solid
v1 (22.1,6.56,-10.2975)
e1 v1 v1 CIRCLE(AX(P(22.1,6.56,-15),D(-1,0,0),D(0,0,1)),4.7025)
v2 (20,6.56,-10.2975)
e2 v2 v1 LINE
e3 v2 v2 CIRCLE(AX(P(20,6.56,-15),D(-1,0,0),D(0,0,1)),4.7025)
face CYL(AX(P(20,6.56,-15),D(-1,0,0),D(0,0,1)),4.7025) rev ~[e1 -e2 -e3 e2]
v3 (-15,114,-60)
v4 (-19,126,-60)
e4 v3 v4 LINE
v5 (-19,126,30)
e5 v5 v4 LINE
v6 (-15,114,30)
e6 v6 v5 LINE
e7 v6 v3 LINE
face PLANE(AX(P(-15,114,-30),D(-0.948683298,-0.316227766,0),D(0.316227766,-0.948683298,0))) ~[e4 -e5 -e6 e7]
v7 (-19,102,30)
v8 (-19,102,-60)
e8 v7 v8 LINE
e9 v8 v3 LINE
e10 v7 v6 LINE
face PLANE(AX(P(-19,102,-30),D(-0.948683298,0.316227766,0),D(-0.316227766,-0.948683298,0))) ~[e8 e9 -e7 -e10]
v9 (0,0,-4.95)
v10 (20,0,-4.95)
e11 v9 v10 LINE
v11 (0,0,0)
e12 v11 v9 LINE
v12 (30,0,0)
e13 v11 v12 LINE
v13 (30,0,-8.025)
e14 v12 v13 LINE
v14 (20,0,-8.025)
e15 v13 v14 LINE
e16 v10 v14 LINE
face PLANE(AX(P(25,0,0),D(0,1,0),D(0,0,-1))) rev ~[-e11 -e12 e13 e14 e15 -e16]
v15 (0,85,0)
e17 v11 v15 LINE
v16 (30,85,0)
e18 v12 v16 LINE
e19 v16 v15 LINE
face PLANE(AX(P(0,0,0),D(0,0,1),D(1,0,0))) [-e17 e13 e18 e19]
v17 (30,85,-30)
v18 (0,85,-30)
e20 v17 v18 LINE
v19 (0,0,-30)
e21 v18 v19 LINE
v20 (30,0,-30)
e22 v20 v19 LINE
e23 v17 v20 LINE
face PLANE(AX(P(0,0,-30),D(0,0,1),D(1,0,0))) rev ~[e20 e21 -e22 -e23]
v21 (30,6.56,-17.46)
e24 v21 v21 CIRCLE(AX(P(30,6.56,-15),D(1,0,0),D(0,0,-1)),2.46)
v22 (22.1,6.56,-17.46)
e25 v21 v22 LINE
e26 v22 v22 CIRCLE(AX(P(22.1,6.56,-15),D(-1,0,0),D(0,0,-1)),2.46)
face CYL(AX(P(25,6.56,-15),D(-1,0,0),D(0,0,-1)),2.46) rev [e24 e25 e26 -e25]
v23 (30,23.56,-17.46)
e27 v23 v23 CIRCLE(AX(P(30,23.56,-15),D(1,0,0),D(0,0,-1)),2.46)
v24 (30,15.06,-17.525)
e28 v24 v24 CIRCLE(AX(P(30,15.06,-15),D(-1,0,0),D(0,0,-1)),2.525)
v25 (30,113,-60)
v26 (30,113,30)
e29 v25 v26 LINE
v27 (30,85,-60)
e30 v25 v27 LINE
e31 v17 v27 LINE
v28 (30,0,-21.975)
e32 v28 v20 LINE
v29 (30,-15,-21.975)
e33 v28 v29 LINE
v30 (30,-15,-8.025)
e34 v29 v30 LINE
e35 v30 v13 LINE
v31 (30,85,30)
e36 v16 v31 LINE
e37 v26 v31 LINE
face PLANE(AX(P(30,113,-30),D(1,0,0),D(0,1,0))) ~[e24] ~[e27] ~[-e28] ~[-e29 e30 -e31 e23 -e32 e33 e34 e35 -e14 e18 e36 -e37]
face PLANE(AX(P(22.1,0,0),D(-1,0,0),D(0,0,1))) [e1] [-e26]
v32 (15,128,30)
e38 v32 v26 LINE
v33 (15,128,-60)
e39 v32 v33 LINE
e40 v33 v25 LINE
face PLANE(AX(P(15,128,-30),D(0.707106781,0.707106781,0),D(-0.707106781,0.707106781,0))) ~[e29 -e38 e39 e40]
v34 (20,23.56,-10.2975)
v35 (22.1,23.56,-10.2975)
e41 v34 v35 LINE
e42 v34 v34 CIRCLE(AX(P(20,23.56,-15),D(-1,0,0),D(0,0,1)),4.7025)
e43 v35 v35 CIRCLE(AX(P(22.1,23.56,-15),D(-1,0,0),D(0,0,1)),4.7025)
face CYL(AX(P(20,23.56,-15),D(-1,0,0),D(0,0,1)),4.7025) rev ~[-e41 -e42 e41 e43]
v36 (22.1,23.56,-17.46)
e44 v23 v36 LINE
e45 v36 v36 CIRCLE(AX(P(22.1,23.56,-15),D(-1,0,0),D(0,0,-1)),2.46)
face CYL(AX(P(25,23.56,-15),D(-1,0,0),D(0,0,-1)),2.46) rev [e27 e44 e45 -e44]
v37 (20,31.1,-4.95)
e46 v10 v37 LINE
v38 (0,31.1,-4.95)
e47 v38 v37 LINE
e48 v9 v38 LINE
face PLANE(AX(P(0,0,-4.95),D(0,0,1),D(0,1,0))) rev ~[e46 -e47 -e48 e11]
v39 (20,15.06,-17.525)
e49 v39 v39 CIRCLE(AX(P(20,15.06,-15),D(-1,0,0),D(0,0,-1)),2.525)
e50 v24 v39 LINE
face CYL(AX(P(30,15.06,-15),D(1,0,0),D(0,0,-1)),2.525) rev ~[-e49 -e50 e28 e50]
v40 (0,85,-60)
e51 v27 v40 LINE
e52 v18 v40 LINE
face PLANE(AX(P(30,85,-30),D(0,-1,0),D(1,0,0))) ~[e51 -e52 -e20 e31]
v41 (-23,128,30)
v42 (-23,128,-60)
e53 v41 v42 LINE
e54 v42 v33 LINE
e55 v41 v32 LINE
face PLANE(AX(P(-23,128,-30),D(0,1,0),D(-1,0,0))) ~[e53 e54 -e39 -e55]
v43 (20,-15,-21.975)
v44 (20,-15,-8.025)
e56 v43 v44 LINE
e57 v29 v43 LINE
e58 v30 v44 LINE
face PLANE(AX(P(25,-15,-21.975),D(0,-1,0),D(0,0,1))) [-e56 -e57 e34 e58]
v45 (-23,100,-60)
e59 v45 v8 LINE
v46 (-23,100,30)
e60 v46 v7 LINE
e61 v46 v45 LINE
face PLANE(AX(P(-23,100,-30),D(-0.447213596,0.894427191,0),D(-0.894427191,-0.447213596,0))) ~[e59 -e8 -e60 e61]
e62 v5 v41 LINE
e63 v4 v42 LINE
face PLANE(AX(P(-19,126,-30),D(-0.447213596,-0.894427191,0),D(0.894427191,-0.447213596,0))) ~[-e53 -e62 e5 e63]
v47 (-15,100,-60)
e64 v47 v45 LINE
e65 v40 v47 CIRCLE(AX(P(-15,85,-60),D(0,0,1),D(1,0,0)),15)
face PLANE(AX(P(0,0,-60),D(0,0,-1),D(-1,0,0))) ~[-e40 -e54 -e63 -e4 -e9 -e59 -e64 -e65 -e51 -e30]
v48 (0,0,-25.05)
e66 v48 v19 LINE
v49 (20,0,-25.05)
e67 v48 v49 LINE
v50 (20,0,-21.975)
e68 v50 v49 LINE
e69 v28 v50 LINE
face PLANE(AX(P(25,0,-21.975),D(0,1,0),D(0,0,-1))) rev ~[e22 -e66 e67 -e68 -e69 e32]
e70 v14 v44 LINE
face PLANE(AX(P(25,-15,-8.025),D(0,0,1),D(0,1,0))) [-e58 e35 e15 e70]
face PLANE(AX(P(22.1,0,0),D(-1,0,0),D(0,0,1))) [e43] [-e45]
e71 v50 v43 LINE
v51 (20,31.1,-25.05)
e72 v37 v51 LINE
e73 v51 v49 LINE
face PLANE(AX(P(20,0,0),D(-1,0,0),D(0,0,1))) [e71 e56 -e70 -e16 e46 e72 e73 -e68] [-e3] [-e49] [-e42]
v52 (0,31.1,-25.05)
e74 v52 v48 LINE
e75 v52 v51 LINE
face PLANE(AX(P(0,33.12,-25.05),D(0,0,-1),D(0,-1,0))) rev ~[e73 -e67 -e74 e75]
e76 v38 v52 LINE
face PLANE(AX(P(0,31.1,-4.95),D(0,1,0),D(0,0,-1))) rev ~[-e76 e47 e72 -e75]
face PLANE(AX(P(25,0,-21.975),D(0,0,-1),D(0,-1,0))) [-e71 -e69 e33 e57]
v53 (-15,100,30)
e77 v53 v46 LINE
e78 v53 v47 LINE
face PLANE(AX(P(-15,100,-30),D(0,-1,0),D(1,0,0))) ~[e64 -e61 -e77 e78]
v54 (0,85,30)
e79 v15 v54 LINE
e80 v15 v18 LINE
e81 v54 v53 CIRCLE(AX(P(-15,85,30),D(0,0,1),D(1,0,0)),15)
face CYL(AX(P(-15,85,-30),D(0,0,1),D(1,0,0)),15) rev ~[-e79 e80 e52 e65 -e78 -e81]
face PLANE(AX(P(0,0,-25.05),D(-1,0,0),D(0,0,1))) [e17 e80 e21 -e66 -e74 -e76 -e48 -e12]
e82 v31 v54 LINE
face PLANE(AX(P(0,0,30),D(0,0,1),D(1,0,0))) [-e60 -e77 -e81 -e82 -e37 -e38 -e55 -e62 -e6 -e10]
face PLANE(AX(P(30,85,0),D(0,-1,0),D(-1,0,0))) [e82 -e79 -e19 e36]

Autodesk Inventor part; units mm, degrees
ref_plane "YZ Plane" through (0, 0, 0) normal (1, 0, 0) x (0, 1, 0)
ref_plane "XZ Plane" through (0, 0, 0) normal (0, 1, 0) x (-1, 0, 0)
sketch "Sketch1" plane through (0, 0, 0) normal (0, 0, 1) x (1, 0, 0)
  line L0 (0, 0) -> (25, 0)
  line L1 (25, 0) -> (25, 40)
  line L2 (25, 40) -> (0, 40)
  line L3 (0, 40) -> (0, 0)
  dimension "d1" = 25
  dimension "d2" = 40
  dimension "d3" = 25
extrude "Extrusion1" add sketch "Sketch1" against normal blind 30
sketch "Sketch2" plane through (25, 0, 0) normal (1, 0, 0) x (0, 0, -1)
  line L0 (0, 0) -> (30, 0) projected
  circle A0 centre (15, 6.56) radius 2.46
extrude "Extrusion2" cut sketch "Sketch2" against normal blind 30
sketch "Sketch3" plane through (0, 0, 0) normal (-1, 0, 0) x (0, 0, 1)
  line L0 (0, 0) -> (-30, 0) projected
  line L1 (-25.05, 0) -> (-4.95, 0)
  line L2 (-4.95, 0) -> (-4.95, 33.12)
  line L3 (-4.95, 33.12) -> (-25.05, 33.12)
  line L4 (-25.05, 33.12) -> (-25.05, 0)
  dimension "d11" = 20.1
extrude "Extrusion3" cut sketch "Sketch3" against normal blind 20
sketch "Sketch4" plane through (0, 0, 0) normal (0, -1, 0) x (1, 0, 0)
  line L0 (20, -4.95) -> (20, -25.05) projected
  line L1 (20, -15) -> (25, -15)
  line L2 (25, 0) -> (25, -30) projected
  line L3 (20, -8.025) -> (25, -8.025)
  line L4 (25, -8.025) -> (25, -21.975)
  line L5 (25, -21.975) -> (20, -21.975)
  line L6 (20, -21.975) -> (20, -8.025)
  line L7 (20, -8.025) -> (25, -21.975) construction
  line L8 (25, -8.025) -> (20, -21.975) construction
  line L9 (25, -12.54) -> (25, -17.46) projected
  point P0 (0, 0)
  point P1 (22.5, -15)
  dimension "d14" = 13.95
extrude "Extrusion4" add sketch "Sketch4" along normal blind 15
sketch "Sketch5" plane through (20, 0, 0) normal (-1, 0, 0) x (0, 0, 1)
  circle A0 centre (-15, 6.56) radius 2.46 projected
  circle A1 centre (-15, 6.56) radius 4.7025
  circle A2 centre (-15, 6.56) radius 2.46 projected
  circle A3 centre (-15, 6.56) radius 2.46
  point P0 (0, 0)
  dimension "d17" = 9.405
extrude "Extrusion5" cut sketch "Sketch5" against normal blind 2.1
sketch "Sketch6" plane through (25, 0, 0) normal (1, 0, 0) x (0, 0, -1)
  circle A0 centre (15, 6.56) radius 4.7025 projected
  line L0 (15, 6.56) -> (15, 23.56)
  circle A1 centre (15, 23.56) radius 2.46
  point P0 (0, 0)
  dimension "d20" = 17
  dimension "d21" = 4.92
extrude "Extrusion6" cut sketch "Sketch6" against normal blind 10 contours A1
sketch "Sketch7" plane through (20, 0, 0) normal (-1, 0, 0) x (0, 0, 1)
  circle A0 centre (-15, 23.56) radius 2.46 projected
  circle A1 centre (-15, 23.56) radius 4.7025
  point P0 (0, 0)
  dimension "d24" = 9.405
extrude "Extrusion7" cut sketch "Sketch7" against normal blind 2.1
sketch "Sketch9" plane through (25, 0, 0) normal (1, 0, 0) x (0, 0, -1)
  circle A0 centre (15, 6.56) radius 2.46 projected
  circle A1 centre (15, 6.56) radius 2.46
  circle A2 centre (15, 23.56) radius 2.46 projected
  circle A3 centre (15, 23.56) radius 2.46
  line L0 (30, 40) -> (30, 0) projected
  line L1 (30, 0) -> (30, 40)
  line L2 (30, 40) -> (0, 40)
  line L3 (0, 40) -> (0, 0)
  line L4 (0, 0) -> (8.025, 0) projected
  line L5 (21.975, 0) -> (21.975, -15)
  line L6 (21.975, -15) -> (8.025, -15)
  line L7 (8.025, -15) -> (8.025, 0)
  line L8 (0, 0) -> (8.025, 0)
  line L9 (21.975, 0) -> (30, 0)
extrude "Extrusion8" add sketch "Sketch9" along normal blind 5
sketch "Sketch10" plane through (0, 40, 0) normal (0, 1, 0) x (1, 0, 0)
  line L0 (0, 30) -> (30, 30) projected
  line L1 (30, 0) -> (0, 0) projected
  line L2 (0, 30) -> (30, 30)
  line L3 (30, 30) -> (30, 0)
  line L4 (30, 0) -> (0, 0)
  line L5 (0, 0) -> (0, 30)
extrude "Extrusion9" add sketch "Sketch10" along normal blind 30
sketch "Sketch12" plane through (30, 0, 0) normal (1, 0, 0) x (0, 0, -1)
  circle A0 centre (15, 6.56) radius 2.46 projected
  line L0 (15, 6.56) -> (15, 15.06)
  circle A1 centre (15, 15.06) radius 2.525
  point P0 (0, 0)
  dimension "d31" = 8.5
  dimension "d33" = 5.05
extrude "Extrusion10" cut sketch "Sketch12" against normal blind 30 contours A1
sketch "Sketch14" plane through (0, 0, 0) normal (0, 0, 1) x (1, 0, 0)
  line L0 (30, 70) -> (0, 70) projected
  line L1 (0, 70) -> (0, 85)
  line L2 (-15, 100) -> (-23, 100)
  line L3 (30, 0) -> (30, 70) projected
  line L4 (30, 113) -> (30, 70)
  arc A0 (0, 85) -> (-15, 100) centre (-15, 85) ccw
  line L5 (30, 105) -> (30, 100)
  line L6 (-23, 128) -> (15, 128)
  line L7 (-19, 126) -> (-23, 128)
  line L8 (-19, 126) -> (-15, 114)
  line L9 (-19, 102) -> (-23, 100)
  line L10 (-19, 102) -> (-15, 114)
  line L11 (30, 113) -> (15, 128)
  point P0 (0, 0)
  point P1 (0, 100)
  dimension "d47" = 30
  dimension "d54" = 15
  dimension "d69" = 28
extrude "Extrusion12" add sketch "Sketch14" against normal blind 30
sketch "Sketch15" plane through (0, 0, -25.05) normal (-1, 0, 0) x (0, 0, 1)
  line L0 (0, 33.12) -> (20.1, 33.12) projected
  line L1 (20.1, 33.12) -> (20.1, 0) projected
  line L2 (0, 33.12) -> (20.1, 33.12)
  line L3 (20.1, 33.12) -> (20.1, 31.1)
  line L4 (20.1, 31.1) -> (0, 31.1)
  line L5 (0, 31.1) -> (0, 33.12)
  point P0 (25.05, 0)
  dimension "d57" = 2.02
extrude "Extrusion13" add sketch "Sketch15" against normal blind 20
sketch "Sketch20" plane through (0, 0, 0) normal (0, 0, 1) x (1, 0, 0)
  arc A0 (0, 85) -> (-15, 100) centre (-15, 85) ccw projected
  arc A1 (0, 85) -> (-15, 100) centre (-15, 85) ccw
  line L0 (-15, 100) -> (-23, 100) projected
  line L1 (-15, 100) -> (-23, 100)
  line L2 (-23, 100) -> (-19, 102) projected
  line L3 (-23, 100) -> (-19, 102)
  line L4 (-19, 102) -> (-15, 114) projected
  line L5 (-19, 102) -> (-15, 114)
  line L6 (-15, 114) -> (-19, 126) projected
  line L7 (-15, 114) -> (-19, 126)
  line L8 (-19, 126) -> (-23, 128) projected
  line L9 (-19, 126) -> (-23, 128)
  line L10 (-23, 128) -> (15, 128) projected
  line L11 (-23, 128) -> (15, 128)
  line L12 (15, 128) -> (30, 113) projected
  line L13 (15, 128) -> (30, 113)
  line L14 (30, 113) -> (30, 85)
  line L15 (30, 0) -> (30, 113) projected
  line L16 (30, 85) -> (0, 85)
  point P0 (0, 0)
extrude "Extrusion14" add sketch "Sketch20" along normal blind 30
ref_plane "Work Plane1" through (0, 0, -15) normal (0, 0, 1) x (1, 0, 0)
mirror "Mirror1" about plane through (0, 0, -15) normal (0, 0, 1) of "Extrusion14"
properties part number "24mm_x_90mm"
